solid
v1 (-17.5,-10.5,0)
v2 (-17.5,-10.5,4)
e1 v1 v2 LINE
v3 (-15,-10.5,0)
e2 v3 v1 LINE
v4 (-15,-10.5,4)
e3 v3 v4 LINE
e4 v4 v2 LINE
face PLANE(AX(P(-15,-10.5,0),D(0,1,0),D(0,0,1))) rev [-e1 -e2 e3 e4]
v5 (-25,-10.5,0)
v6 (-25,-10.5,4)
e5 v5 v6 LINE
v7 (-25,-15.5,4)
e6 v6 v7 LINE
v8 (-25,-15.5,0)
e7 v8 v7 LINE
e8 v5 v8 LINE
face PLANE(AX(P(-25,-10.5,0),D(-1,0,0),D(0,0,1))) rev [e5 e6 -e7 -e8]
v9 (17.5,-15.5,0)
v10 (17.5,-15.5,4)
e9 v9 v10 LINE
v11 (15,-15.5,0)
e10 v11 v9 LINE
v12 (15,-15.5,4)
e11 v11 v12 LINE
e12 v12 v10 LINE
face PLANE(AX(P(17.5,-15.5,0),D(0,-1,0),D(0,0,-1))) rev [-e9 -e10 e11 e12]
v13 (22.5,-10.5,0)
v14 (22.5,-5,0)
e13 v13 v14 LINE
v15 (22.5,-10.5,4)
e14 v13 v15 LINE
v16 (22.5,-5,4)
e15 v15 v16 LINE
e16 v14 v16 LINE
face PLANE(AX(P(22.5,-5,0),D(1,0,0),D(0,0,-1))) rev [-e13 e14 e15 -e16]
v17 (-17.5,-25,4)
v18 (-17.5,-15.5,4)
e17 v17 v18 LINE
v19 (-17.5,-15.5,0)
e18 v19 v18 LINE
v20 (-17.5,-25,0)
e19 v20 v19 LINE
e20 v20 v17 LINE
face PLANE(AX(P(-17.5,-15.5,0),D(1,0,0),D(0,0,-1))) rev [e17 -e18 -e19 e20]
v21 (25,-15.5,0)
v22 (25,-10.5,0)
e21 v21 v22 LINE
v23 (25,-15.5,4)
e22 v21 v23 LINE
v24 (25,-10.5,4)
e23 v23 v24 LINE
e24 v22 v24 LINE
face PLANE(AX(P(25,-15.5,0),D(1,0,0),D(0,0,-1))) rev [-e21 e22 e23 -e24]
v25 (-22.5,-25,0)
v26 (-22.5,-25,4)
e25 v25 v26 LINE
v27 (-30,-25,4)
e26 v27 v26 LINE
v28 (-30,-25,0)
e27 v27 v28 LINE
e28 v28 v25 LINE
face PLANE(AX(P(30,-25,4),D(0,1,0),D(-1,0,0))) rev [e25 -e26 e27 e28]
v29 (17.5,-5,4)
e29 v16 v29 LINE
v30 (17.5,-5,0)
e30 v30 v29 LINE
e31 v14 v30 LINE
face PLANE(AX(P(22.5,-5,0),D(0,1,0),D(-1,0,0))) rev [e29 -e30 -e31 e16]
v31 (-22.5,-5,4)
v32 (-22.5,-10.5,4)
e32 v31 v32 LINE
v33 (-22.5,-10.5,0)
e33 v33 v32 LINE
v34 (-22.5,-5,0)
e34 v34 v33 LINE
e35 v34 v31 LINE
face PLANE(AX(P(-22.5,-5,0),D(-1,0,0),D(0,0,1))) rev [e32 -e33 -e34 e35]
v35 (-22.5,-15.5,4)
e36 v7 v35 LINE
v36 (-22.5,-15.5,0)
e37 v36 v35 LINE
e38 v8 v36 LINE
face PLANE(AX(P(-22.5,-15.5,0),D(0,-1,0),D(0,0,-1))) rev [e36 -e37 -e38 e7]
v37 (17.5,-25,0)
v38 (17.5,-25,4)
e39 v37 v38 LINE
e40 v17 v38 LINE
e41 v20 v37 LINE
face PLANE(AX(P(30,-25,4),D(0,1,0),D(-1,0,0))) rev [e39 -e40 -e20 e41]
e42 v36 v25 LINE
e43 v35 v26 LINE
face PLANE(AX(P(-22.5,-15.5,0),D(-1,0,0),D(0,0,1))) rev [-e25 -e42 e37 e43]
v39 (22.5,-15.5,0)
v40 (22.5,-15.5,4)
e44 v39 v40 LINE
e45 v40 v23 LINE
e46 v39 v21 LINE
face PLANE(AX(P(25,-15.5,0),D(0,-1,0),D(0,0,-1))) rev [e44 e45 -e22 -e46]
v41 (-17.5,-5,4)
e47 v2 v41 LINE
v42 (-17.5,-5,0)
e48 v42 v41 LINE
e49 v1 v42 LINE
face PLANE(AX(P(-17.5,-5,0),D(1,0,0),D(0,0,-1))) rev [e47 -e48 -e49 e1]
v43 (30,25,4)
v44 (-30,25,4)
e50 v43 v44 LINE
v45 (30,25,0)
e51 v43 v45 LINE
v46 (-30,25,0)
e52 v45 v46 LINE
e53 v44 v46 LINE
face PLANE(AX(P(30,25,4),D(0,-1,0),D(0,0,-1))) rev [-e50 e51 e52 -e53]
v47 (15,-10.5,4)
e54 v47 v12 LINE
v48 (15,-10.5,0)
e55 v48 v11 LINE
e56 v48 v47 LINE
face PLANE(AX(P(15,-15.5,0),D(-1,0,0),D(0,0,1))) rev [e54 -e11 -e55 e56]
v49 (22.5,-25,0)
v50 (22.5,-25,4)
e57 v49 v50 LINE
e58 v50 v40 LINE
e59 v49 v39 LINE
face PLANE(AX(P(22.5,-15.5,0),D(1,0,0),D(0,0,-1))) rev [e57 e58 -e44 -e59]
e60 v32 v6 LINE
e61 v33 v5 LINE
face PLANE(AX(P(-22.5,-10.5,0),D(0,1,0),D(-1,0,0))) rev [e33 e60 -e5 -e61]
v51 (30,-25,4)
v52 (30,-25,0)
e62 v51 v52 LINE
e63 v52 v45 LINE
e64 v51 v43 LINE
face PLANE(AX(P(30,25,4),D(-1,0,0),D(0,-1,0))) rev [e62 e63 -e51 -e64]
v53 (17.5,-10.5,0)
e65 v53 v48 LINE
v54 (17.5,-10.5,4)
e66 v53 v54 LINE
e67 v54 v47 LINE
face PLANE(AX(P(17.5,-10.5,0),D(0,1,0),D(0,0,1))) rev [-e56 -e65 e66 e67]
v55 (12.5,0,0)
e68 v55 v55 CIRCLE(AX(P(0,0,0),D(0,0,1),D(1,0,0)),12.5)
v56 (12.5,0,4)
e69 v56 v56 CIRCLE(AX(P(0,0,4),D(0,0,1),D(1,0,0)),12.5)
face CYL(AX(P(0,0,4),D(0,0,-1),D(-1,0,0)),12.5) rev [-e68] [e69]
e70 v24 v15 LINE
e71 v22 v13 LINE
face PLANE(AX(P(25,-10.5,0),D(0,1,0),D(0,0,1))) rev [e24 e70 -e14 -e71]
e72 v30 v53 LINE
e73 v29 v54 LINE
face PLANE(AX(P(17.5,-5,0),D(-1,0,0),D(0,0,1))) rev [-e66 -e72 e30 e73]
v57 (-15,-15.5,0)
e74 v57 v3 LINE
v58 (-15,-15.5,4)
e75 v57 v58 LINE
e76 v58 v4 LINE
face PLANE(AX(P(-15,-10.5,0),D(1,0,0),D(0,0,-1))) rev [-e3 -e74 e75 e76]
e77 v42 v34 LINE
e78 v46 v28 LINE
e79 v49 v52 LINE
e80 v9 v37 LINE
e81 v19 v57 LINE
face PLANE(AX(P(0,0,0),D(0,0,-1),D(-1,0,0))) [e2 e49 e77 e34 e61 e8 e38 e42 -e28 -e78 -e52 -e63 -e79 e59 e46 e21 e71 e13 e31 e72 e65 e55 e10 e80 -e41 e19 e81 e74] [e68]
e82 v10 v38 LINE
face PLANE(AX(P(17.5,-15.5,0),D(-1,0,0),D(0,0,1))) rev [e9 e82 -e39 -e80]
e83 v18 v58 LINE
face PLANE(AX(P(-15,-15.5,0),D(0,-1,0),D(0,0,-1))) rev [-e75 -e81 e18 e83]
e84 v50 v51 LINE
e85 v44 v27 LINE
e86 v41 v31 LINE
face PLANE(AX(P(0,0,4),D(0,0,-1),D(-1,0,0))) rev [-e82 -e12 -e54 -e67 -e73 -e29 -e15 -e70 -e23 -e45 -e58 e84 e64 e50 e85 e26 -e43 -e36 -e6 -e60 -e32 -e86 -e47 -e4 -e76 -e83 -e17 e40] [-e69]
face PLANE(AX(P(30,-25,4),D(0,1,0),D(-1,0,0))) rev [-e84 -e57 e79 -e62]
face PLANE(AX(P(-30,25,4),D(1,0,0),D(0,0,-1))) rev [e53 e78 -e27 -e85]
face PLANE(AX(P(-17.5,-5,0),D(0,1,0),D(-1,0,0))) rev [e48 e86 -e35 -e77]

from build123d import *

# Parameters (mm, degrees)
SKETCH1_W           = 60
SKETCH1_H           = 50
SKETCH1_R           = 12.5
BOSS_EXTRUDE1_DEPTH = 4
CUT_EXTRUDE1_DEPTH  = 5


with BuildPart() as part:
    # Sketch1 → Boss-Extrude1 (new body)
    with BuildSketch(Plane.XY):
        Rectangle(SKETCH1_W, SKETCH1_H)
        Circle(SKETCH1_R, mode=Mode.SUBTRACT)
    extrude(amount=BOSS_EXTRUDE1_DEPTH)

    # Sketch2 → Cut-Extrude1 (cut, through all)
    with BuildSketch(Plane.XY.offset(4)):
        Polygon((-17.5, -5), (-22.5, -5), (-22.5, -10.5), (-25, -10.5), (-25, -15.5), (-22.5, -15.5), (-22.5, -25), (-17.5, -25), (-17.5, -15.5), (-15, -15.5), (-15, -10.5), (-17.5, -10.5), align=None)
        Polygon((22.5, -5), (17.5, -5), (17.5, -10.5), (15, -10.5), (15, -15.5), (17.5, -15.5), (17.5, -25), (22.5, -25), (22.5, -15.5), (25, -15.5), (25, -10.5), (22.5, -10.5), align=None)
    extrude(amount=-CUT_EXTRUDE1_DEPTH, mode=Mode.SUBTRACT)


solid = part.part
